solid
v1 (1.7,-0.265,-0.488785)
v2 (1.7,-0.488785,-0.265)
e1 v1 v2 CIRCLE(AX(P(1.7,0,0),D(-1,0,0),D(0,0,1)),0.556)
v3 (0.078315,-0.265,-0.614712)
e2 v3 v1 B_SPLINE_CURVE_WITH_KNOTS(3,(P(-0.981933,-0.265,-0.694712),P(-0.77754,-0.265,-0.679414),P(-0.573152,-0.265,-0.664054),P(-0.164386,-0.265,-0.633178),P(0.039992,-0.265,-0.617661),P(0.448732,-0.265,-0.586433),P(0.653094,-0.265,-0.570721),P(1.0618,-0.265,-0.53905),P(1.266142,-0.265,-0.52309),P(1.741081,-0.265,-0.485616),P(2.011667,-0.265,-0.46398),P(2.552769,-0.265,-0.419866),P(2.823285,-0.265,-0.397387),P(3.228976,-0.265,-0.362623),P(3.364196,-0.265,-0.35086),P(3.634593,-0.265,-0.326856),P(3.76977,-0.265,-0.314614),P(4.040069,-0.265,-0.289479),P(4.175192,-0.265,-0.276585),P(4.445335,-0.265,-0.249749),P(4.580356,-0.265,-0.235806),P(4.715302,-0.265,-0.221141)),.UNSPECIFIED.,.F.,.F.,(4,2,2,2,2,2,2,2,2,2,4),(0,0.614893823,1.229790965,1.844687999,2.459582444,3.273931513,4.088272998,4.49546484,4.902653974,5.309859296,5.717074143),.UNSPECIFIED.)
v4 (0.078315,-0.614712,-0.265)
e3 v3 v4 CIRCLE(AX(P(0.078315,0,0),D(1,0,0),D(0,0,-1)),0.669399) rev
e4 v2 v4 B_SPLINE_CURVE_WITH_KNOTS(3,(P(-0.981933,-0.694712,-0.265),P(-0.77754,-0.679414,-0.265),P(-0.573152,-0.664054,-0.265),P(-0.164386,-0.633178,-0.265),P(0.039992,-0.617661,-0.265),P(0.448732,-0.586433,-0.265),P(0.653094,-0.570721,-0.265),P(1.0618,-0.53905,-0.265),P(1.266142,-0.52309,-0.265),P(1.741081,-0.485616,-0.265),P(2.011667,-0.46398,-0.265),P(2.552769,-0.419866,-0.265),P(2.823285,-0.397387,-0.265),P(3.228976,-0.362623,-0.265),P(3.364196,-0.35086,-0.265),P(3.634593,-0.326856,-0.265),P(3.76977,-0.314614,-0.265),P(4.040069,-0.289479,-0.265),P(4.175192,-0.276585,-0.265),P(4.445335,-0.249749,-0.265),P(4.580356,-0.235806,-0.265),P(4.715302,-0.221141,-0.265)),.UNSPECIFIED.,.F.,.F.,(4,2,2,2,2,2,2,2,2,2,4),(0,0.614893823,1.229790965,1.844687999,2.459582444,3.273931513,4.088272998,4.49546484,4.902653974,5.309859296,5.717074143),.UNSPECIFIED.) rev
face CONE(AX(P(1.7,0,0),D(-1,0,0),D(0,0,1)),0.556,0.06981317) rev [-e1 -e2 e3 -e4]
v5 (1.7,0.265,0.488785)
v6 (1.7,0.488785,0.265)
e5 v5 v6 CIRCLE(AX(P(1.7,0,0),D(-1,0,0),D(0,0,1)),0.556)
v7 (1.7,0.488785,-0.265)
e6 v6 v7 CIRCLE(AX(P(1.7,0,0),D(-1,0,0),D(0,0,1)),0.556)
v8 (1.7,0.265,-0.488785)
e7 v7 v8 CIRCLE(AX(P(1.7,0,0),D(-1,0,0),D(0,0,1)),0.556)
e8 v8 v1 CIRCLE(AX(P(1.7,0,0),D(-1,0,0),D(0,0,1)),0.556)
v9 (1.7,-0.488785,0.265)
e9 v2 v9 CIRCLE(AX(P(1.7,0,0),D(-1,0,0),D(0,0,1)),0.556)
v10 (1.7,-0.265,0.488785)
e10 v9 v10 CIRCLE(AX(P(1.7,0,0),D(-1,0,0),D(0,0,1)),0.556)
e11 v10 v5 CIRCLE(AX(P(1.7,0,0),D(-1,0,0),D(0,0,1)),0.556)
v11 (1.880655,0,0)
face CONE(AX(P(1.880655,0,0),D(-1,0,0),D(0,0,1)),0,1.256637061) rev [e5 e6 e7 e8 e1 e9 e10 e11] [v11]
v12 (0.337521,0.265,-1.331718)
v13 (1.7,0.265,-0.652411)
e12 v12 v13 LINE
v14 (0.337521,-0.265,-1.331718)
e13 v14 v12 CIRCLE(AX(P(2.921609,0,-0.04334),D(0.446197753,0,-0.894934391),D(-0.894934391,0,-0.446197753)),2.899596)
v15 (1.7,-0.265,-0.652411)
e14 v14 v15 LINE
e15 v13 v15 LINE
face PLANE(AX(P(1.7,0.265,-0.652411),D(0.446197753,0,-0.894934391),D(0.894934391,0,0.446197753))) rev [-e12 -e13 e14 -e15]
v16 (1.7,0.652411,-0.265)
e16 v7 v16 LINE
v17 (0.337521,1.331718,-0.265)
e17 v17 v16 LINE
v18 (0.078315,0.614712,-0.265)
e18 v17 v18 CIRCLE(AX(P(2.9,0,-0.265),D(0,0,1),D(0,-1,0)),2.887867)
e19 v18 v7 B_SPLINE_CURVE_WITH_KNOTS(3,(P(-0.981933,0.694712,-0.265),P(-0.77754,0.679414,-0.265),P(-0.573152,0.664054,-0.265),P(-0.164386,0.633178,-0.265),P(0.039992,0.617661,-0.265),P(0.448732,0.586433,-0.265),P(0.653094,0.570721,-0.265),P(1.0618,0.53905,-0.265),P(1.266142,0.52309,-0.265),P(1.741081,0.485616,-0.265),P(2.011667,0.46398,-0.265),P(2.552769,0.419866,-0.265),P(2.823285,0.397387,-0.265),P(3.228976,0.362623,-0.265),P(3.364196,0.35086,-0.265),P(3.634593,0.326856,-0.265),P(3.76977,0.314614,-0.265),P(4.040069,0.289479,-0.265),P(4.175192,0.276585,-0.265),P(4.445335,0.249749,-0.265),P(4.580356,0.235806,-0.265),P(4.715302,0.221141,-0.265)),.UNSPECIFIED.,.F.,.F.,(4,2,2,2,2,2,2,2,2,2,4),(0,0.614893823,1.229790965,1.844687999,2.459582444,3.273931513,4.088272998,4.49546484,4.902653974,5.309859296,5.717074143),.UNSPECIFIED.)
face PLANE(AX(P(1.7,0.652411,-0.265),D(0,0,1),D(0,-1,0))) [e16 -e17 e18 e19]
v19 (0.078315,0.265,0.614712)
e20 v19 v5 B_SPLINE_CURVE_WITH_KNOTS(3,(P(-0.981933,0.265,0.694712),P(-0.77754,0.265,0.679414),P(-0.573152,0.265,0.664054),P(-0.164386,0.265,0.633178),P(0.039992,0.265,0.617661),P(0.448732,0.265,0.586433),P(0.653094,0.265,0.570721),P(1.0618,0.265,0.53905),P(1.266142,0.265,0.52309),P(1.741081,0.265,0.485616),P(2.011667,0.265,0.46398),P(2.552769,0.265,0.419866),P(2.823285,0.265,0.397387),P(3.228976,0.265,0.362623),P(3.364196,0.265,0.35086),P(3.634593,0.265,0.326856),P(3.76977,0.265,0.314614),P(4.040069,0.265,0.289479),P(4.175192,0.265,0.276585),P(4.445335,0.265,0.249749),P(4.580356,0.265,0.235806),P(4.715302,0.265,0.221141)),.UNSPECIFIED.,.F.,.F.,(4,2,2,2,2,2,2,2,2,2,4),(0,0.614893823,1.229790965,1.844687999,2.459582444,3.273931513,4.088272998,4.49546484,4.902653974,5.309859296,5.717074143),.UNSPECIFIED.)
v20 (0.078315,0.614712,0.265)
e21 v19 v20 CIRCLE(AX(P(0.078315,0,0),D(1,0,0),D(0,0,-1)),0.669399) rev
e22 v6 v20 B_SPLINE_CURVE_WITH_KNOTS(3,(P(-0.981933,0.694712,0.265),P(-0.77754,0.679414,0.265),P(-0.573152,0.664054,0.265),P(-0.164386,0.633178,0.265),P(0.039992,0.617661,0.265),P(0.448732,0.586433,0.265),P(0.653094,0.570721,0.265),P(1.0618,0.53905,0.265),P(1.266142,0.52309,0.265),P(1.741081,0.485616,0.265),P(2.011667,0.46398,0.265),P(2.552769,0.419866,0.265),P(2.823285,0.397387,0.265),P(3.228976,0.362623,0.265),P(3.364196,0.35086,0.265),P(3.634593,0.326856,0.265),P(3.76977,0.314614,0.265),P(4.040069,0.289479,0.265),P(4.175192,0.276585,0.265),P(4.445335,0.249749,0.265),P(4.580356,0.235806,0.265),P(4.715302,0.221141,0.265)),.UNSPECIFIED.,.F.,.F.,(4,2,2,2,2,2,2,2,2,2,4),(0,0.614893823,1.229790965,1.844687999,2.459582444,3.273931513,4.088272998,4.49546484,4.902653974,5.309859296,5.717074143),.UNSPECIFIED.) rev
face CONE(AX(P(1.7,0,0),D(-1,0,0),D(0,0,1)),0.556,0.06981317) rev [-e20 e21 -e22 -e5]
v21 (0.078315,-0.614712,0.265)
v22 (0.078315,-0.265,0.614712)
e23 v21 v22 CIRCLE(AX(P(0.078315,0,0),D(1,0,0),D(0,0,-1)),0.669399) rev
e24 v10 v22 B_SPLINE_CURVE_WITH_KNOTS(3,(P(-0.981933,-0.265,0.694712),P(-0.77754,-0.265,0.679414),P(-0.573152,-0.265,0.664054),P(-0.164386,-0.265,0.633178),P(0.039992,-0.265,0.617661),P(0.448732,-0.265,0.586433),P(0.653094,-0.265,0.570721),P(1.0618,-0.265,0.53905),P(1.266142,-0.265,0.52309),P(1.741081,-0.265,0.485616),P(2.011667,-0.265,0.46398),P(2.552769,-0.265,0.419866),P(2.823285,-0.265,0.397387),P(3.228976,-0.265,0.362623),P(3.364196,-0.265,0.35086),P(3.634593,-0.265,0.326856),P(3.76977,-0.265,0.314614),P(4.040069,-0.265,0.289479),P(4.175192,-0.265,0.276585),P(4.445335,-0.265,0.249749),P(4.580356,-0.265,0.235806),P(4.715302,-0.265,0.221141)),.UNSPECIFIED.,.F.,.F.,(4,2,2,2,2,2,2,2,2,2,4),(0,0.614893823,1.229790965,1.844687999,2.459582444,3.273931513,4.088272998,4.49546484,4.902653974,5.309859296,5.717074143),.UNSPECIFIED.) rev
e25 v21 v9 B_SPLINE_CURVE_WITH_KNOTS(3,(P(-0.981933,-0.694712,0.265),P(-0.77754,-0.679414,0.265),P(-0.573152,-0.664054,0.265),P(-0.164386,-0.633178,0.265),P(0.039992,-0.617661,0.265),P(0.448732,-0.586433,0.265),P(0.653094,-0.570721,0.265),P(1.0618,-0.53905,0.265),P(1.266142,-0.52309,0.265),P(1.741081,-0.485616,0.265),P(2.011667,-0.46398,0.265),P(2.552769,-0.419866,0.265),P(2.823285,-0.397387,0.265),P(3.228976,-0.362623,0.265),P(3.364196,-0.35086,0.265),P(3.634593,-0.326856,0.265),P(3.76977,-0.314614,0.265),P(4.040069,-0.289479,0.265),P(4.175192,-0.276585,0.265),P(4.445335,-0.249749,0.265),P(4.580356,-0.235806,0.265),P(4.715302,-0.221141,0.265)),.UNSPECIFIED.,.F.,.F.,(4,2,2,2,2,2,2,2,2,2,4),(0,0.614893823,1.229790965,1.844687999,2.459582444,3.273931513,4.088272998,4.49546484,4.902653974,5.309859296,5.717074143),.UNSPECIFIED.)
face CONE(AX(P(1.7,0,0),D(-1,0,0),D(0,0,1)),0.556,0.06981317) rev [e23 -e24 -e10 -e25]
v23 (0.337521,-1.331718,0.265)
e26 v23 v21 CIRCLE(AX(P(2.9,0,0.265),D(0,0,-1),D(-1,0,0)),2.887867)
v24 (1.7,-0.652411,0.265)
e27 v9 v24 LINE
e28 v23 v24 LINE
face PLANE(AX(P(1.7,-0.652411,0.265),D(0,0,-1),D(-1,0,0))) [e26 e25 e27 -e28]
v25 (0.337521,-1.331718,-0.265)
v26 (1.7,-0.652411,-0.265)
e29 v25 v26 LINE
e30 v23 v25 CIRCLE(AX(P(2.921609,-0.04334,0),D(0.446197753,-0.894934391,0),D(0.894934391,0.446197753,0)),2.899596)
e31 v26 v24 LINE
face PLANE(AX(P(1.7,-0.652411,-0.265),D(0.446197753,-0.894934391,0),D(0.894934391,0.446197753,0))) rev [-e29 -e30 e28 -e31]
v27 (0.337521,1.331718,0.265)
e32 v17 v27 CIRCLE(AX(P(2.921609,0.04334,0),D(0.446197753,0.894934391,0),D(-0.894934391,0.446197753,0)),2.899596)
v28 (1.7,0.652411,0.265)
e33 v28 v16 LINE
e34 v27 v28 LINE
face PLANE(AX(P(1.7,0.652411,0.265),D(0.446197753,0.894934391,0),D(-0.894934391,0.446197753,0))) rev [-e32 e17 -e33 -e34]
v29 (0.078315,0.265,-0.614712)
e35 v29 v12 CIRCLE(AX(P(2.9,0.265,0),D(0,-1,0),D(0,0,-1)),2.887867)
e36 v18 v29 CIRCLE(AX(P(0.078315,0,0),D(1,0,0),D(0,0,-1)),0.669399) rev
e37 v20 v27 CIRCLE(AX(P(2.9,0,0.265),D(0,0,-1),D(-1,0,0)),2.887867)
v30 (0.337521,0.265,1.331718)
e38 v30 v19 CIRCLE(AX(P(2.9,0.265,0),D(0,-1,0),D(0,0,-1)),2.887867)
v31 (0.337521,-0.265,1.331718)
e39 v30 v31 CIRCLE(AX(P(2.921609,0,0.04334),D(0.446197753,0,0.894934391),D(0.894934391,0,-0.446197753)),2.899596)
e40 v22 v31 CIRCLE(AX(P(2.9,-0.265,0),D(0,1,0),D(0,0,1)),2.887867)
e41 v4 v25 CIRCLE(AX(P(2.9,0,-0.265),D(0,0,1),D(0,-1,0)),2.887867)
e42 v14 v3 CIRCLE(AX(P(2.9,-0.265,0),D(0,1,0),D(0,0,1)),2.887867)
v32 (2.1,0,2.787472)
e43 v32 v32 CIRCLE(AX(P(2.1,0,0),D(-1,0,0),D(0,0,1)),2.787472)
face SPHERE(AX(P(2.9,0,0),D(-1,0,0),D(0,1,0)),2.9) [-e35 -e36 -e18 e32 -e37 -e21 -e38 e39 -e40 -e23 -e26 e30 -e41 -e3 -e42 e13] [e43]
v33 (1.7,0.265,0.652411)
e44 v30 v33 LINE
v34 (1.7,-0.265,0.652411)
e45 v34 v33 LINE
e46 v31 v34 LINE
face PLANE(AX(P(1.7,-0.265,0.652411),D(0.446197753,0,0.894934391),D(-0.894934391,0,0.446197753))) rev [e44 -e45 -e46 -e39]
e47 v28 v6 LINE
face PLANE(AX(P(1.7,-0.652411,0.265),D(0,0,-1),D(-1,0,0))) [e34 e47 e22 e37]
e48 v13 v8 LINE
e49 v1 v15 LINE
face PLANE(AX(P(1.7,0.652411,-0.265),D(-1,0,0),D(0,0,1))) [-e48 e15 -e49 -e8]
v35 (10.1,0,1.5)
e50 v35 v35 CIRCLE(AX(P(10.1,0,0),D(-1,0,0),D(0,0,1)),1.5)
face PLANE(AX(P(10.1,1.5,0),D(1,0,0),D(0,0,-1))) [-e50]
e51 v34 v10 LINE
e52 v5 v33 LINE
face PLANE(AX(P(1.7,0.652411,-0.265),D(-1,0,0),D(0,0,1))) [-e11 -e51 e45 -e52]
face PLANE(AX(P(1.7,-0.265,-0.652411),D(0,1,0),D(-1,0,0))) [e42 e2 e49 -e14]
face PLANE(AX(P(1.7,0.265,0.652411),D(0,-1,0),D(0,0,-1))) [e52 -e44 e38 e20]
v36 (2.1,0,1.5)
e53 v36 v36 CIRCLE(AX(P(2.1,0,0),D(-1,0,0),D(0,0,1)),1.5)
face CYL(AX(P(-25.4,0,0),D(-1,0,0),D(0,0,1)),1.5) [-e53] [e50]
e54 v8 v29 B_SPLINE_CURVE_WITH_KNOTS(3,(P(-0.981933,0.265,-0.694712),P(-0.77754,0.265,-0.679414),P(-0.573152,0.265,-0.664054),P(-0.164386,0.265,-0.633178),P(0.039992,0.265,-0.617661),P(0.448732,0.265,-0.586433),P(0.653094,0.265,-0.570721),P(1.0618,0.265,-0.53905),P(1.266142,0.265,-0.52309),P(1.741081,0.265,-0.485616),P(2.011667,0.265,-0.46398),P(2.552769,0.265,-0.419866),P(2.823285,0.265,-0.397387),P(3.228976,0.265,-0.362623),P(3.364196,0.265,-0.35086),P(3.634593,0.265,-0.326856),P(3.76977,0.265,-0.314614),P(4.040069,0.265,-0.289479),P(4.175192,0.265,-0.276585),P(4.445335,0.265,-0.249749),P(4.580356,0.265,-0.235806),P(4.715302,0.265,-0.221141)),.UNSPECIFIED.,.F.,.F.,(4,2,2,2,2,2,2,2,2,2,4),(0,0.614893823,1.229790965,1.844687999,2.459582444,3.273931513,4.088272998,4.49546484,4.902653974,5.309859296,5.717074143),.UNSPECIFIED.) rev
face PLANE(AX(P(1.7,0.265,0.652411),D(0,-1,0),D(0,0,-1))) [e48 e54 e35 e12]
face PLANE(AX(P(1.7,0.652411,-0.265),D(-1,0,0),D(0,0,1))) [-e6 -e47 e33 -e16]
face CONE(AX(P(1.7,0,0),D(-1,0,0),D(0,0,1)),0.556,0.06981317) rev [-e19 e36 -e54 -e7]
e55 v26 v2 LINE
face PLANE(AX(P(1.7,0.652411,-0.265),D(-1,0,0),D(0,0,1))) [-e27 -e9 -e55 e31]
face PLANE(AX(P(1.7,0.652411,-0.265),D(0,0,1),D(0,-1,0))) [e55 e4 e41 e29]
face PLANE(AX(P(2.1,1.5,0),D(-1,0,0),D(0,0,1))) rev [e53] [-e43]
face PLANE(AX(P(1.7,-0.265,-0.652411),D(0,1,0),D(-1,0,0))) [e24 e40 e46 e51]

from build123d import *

# Parameters (mm, degrees)
SKETCH3_W    = 0.53
SKETCH3_H    = 3
SKETCH4_W    = 0.53
SKETCH4_H    = 1.304822816
RECPAT_COUNT = 2
RECPAT_ANGLE = 90


with BuildPart() as part:
    # BodySke → Base-Revolve (revolve)
    with BuildSketch(Plane.XY):
        with BuildLine():
            Line((2.1, 1.5), (2.1, 2.787471973))
            ThreePointArc((2.1, 2.787471973), (0.583753036, 1.744992837), (0, 0))
            Line((0, 0), (10.1, 0))
            Line((10.1, 0), (10.1, 1.5))
            Line((10.1, 1.5), (2.1, 1.5))
        make_face()
    revolve(axis=Axis((-25.4, 0, 0), (1, 0, 0)))

    # Sketch3 → Recess section 0
    with BuildSketch(Plane(origin=(0, 0, 0), x_dir=(0, 0, -1), z_dir=(1, 0, 0))):
        Rectangle(SKETCH3_W, SKETCH3_H)
    # Sketch4 → Recess section 1
    with BuildSketch(Plane(origin=(1.7, 0, 0), x_dir=(0, 0, -1), z_dir=(1, 0, 0))):
        Rectangle(SKETCH4_W, SKETCH4_H)
    recess = loft(mode=Mode.SUBTRACT)

    # RecPat: Recess ×2 about axis
    recpat_axis = Axis((0, 0, 0), (1, 0, 0))
    for i in range(1, RECPAT_COUNT):
        add(recess.rotate(recpat_axis, i * RECPAT_ANGLE / (RECPAT_COUNT - 1)), mode=Mode.SUBTRACT)

    # RecCorSke → RecessCore (revolve, cut)
    with BuildSketch(Plane.XY):
        Polygon((0, 0), (0, 0.67487558), (1.7, 0.556), (1.880655351, 0), align=None)
    revolve(axis=Axis((-3.175, 0, 0), (1, 0, 0)), mode=Mode.SUBTRACT)


solid = part.part
